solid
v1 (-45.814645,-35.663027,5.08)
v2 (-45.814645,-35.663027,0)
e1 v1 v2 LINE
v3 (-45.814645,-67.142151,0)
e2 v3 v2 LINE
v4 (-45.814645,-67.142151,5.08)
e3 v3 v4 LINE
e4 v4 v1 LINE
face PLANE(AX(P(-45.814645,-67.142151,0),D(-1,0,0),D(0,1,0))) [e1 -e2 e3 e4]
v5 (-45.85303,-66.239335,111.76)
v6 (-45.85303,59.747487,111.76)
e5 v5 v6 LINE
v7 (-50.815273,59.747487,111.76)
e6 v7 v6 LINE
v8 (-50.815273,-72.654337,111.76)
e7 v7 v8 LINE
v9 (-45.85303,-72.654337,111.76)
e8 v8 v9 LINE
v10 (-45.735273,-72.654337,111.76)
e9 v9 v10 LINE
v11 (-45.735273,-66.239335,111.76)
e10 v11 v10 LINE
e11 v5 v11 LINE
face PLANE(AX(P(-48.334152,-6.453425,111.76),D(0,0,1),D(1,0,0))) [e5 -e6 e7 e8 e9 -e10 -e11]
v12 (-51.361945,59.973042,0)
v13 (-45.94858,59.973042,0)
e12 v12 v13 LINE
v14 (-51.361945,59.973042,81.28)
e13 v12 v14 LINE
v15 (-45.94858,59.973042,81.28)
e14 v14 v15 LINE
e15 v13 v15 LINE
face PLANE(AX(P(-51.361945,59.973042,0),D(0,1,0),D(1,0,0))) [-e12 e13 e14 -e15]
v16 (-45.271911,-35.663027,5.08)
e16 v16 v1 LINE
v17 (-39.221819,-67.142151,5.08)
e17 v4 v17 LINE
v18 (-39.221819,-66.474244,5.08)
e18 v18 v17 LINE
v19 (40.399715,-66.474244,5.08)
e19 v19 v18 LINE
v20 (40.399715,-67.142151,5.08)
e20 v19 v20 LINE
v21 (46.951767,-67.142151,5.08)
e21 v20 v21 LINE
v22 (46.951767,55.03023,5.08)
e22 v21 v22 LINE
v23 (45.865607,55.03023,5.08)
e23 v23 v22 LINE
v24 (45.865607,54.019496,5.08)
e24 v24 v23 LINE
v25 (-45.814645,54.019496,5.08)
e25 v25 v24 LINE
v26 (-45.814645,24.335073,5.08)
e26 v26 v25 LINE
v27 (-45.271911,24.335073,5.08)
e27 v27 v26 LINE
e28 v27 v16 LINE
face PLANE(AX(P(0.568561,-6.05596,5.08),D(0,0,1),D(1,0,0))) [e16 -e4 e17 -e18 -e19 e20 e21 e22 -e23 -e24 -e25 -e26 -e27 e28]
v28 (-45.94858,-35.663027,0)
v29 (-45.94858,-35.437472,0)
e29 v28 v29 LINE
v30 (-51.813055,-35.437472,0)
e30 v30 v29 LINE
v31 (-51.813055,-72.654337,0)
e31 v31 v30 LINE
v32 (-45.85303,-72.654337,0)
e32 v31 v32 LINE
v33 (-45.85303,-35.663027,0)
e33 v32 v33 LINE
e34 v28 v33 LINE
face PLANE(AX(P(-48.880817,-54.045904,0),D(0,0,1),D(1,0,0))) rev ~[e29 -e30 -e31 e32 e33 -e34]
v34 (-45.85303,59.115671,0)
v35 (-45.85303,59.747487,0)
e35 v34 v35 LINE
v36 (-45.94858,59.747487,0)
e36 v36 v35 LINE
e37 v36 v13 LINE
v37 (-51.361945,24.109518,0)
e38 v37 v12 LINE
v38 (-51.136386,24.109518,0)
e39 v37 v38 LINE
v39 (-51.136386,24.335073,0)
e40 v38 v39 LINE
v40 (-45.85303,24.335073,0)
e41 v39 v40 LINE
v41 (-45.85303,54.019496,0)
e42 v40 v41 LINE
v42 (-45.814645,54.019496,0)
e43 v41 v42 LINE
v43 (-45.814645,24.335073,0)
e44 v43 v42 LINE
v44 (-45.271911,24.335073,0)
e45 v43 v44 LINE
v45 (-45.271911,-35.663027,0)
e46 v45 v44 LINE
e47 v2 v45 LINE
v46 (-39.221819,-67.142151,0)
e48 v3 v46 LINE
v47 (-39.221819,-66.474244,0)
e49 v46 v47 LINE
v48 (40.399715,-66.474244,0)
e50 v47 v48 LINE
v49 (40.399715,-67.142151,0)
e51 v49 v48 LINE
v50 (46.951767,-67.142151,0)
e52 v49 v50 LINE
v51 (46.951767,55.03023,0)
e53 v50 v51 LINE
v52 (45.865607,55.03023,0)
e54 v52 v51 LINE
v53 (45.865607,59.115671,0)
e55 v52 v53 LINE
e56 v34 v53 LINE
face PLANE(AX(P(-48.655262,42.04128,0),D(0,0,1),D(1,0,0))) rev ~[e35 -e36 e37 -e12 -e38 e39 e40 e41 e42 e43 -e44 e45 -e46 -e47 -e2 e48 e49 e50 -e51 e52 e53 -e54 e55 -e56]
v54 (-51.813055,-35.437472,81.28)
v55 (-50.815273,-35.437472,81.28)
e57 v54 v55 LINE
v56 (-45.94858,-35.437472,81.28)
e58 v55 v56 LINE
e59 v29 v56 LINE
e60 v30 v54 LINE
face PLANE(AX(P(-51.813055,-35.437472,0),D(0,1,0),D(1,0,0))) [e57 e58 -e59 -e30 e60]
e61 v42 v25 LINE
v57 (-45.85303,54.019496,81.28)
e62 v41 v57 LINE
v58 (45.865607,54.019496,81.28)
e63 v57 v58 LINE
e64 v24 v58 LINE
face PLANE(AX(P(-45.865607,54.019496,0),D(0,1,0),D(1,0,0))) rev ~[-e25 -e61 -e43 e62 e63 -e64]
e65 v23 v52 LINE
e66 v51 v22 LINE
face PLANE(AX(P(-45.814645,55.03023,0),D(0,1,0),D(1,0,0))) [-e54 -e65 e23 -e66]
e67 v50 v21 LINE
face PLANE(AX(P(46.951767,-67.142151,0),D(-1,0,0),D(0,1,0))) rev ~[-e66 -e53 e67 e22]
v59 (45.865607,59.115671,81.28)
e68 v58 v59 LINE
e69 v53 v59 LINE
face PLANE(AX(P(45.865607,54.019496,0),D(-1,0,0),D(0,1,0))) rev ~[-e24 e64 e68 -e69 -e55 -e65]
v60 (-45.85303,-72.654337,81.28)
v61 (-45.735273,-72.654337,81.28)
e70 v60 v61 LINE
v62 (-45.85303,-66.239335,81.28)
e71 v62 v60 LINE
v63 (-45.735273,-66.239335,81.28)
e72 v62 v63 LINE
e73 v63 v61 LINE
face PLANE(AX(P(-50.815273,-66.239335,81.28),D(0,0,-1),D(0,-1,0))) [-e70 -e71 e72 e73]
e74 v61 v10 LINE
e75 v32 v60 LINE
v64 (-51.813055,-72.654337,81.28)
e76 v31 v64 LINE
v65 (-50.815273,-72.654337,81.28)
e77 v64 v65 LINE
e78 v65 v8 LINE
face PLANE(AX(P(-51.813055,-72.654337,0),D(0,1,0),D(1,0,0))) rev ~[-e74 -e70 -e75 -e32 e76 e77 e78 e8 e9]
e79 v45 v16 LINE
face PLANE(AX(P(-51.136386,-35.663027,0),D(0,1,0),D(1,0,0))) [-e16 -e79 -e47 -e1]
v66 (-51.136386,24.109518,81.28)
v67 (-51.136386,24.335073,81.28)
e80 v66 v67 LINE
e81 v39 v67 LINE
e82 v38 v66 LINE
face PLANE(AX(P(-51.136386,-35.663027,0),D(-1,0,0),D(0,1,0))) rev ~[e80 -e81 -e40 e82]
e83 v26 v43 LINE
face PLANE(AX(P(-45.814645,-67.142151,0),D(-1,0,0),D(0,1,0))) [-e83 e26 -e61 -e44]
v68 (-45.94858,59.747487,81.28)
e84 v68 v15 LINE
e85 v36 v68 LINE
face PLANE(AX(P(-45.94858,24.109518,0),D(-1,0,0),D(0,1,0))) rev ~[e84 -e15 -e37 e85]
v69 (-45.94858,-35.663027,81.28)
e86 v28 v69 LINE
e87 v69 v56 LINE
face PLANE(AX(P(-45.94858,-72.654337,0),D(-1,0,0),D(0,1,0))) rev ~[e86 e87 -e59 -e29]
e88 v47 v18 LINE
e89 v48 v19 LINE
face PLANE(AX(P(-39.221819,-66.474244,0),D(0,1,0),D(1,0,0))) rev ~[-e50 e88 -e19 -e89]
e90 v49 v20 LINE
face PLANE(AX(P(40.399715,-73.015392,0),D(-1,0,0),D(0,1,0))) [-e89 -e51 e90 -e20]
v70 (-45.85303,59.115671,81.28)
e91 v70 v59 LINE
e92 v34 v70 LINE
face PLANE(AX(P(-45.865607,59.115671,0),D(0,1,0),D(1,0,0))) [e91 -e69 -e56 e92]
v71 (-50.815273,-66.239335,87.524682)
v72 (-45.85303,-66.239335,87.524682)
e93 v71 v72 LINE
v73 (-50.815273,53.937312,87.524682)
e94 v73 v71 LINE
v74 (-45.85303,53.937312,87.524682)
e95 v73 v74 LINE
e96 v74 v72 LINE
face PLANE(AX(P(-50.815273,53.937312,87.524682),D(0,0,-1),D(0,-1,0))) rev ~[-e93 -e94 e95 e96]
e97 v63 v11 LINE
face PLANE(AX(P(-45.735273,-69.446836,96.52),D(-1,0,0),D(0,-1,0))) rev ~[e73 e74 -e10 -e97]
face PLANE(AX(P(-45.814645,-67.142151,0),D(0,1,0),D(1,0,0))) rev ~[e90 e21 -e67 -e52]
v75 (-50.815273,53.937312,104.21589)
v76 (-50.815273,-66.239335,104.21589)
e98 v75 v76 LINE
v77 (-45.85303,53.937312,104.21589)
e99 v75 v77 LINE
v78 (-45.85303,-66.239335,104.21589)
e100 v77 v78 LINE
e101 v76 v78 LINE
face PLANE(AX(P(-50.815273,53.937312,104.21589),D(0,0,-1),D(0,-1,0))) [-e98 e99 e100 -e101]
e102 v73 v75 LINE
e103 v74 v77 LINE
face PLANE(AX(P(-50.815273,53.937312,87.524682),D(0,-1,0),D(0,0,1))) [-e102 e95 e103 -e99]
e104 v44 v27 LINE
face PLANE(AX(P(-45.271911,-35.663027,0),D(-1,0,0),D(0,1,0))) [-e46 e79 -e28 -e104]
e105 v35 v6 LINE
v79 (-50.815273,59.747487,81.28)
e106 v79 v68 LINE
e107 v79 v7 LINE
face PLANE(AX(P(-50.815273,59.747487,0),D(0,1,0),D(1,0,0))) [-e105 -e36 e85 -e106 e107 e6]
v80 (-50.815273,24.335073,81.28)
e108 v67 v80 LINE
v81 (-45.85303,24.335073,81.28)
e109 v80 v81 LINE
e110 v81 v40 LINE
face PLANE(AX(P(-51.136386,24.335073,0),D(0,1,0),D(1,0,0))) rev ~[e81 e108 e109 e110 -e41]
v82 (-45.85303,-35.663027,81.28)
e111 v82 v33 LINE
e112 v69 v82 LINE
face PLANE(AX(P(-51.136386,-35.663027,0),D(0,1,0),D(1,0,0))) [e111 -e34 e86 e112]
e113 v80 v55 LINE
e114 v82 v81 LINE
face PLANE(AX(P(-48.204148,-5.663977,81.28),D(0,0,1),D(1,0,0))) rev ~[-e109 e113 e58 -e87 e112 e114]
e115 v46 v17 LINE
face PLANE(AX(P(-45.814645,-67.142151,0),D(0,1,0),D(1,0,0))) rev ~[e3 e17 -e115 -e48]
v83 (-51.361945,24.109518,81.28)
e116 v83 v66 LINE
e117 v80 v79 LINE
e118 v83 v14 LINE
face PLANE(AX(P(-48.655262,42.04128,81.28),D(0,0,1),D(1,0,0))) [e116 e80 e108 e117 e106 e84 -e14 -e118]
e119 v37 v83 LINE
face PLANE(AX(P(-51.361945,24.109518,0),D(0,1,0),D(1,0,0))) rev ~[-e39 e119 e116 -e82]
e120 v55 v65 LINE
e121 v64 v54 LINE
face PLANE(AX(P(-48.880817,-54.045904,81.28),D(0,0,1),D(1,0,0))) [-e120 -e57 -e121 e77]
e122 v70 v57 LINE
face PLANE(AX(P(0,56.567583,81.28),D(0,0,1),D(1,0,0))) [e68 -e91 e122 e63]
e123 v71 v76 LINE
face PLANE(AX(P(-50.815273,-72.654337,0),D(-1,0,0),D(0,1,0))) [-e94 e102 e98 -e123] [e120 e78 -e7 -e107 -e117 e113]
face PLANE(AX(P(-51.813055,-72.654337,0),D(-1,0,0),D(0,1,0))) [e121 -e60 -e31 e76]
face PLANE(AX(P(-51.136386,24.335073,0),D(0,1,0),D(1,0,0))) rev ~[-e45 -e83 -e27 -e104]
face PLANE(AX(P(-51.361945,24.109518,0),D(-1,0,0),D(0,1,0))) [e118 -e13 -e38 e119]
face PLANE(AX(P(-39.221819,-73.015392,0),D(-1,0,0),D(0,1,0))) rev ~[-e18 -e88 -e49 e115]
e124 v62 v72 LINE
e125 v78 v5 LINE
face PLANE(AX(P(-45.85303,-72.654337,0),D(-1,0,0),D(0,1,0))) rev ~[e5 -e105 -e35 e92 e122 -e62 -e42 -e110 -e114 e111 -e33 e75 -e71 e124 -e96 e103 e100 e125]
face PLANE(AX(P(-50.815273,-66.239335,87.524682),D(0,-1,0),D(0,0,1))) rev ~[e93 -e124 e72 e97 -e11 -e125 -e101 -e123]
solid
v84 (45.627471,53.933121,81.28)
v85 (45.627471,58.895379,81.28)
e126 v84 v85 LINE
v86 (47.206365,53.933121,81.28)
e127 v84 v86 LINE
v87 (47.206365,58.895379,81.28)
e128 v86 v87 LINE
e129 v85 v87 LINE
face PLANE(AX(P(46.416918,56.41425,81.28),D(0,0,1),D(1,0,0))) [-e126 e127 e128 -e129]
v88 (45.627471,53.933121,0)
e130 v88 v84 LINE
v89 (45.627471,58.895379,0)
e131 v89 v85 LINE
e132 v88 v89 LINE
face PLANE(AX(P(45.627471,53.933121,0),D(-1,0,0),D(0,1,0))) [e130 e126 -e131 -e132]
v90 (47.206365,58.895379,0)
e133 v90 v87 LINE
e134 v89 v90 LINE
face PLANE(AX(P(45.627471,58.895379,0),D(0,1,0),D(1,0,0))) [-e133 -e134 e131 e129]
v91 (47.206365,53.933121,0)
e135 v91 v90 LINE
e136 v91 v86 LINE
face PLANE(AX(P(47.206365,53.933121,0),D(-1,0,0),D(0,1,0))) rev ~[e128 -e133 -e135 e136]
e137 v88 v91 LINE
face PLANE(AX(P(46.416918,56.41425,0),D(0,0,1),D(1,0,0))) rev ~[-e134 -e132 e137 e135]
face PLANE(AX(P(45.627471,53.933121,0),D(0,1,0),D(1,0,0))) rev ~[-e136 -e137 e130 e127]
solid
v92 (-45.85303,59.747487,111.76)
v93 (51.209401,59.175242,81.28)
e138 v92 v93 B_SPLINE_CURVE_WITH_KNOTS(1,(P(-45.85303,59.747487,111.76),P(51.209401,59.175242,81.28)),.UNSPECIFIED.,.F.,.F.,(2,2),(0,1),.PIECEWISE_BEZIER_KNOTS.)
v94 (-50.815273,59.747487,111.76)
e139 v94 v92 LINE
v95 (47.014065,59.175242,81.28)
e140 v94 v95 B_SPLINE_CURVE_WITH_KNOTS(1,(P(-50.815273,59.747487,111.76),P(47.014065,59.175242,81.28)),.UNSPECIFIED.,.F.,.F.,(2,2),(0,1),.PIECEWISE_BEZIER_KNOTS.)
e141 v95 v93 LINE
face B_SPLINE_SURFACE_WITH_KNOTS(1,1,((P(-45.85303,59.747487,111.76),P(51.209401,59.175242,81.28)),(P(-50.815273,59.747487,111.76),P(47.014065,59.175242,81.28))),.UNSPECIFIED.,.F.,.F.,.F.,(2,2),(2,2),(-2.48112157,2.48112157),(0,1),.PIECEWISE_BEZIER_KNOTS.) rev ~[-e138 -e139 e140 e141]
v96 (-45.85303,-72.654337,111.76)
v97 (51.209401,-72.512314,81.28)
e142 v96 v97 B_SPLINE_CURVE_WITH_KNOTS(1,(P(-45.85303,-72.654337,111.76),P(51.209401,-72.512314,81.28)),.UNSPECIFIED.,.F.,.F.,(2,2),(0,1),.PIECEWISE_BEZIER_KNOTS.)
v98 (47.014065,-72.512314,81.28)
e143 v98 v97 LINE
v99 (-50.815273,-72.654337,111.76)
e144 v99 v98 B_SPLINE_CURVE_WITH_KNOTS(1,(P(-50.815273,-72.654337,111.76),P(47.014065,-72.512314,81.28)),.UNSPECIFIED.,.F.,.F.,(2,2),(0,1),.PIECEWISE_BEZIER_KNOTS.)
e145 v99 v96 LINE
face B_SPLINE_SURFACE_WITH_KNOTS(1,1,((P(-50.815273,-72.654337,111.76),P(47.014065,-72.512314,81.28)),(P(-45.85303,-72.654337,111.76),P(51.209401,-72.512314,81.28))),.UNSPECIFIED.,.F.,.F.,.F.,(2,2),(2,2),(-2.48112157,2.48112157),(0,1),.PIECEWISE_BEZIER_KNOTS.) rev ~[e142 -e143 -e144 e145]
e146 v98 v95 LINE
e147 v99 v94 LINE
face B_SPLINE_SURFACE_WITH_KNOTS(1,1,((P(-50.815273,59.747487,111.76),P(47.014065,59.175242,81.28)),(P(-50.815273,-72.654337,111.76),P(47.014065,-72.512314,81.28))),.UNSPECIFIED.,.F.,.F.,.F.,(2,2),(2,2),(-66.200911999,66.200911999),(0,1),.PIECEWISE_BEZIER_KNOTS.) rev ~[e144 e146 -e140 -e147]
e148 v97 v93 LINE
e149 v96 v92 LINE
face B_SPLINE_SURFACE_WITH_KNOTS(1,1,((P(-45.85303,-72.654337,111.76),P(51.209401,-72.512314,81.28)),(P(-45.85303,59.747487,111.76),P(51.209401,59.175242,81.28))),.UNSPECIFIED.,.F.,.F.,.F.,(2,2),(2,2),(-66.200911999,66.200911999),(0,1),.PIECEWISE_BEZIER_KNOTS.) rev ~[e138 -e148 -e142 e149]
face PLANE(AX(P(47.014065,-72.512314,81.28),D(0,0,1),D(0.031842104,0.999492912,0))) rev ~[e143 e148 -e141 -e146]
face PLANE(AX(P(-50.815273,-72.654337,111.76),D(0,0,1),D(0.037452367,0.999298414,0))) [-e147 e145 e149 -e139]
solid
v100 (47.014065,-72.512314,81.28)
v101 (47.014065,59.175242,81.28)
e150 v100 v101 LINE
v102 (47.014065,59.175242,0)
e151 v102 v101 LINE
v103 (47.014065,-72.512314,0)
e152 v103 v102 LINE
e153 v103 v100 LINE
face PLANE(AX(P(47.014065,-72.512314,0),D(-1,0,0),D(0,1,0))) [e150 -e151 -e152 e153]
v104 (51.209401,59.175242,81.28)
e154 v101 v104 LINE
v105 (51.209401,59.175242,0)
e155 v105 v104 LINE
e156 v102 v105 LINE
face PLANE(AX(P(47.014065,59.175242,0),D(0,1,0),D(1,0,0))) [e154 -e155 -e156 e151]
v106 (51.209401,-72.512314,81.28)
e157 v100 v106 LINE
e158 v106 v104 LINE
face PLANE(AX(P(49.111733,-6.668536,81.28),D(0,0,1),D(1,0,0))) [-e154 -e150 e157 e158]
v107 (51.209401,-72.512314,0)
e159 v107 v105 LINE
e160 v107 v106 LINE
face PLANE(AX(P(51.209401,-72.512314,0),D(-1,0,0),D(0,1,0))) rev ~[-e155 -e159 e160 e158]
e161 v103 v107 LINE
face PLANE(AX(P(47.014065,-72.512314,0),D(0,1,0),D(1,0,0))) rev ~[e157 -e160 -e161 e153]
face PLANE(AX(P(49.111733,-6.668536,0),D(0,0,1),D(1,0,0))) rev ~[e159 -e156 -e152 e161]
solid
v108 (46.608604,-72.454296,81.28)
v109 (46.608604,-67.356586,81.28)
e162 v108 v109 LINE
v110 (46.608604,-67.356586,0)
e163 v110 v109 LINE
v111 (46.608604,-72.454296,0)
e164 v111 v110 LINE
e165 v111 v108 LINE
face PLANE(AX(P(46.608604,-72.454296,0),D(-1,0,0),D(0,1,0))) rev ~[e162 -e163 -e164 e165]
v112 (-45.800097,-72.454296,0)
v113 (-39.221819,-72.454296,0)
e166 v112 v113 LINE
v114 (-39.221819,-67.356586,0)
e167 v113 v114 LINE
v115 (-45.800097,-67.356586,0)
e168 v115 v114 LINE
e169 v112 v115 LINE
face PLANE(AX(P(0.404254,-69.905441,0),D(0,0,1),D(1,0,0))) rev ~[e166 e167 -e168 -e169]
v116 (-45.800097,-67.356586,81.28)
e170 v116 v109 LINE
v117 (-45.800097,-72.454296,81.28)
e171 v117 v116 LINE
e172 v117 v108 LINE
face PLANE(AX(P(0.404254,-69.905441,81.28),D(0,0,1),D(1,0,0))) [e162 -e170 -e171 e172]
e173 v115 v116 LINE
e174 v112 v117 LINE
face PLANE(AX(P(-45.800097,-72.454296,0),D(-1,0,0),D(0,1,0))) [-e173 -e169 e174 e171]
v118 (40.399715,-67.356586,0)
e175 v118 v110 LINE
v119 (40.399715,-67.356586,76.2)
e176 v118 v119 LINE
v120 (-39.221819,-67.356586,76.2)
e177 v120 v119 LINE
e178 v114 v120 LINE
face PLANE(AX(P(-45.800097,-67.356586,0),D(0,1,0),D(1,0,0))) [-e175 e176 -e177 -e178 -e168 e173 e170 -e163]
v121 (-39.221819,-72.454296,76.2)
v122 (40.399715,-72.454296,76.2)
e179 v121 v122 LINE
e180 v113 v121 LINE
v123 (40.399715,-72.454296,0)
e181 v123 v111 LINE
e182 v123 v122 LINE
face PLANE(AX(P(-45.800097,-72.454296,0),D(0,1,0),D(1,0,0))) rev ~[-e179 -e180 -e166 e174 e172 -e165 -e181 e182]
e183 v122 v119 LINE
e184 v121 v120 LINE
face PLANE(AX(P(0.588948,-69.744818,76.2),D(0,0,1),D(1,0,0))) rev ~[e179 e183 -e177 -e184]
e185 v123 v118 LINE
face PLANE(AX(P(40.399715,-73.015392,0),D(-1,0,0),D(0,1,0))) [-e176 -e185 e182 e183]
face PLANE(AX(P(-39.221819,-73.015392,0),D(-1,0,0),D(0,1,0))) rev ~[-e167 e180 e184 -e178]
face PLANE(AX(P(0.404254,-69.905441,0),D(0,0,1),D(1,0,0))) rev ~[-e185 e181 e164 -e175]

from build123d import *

# Parameters (mm, degrees)
F0_W       = 91.7312130332
F0_H       = 5.0961747766
F1_DEPTH   = 81.28
F2_W       = 92.7664116025
F2_H       = 122.1723817289
F3_DEPTH   = 5.08
F4_W       = 92.4087017775
F4_H       = 5.0977095962
F5_DEPTH   = 81.28
F6_W       = 4.1953362525
F6_H       = 131.6875554621
F7_DEPTH   = 81.28
F8_W       = 1.5788935125
F8_H       = 4.9622580409
F9_DEPTH   = 81.28
F10_W      = 4.9622431397
F10_H      = 132.4018239975
F11_DEPTH  = 111.76
F11_FACE_W = 4.9622431397
F11_FACE_H = 132.4018239975
F7_FACE_W  = 4.1953362525
F7_FACE_H  = 131.6875554621
F13_W      = 5.413364619
F13_H      = 35.8635243028
F14_DEPTH  = 81.28
F15_W      = 5.8644749224
F15_H      = 59.9981006235
F16_DEPTH  = 81.28
F17_W      = 5.8644749224
F17_H      = 37.2168645263
F18_DEPTH  = 81.28
F19_W      = 79.6215347946
F19_H      = 6.5411478281
F20_DEPTH  = 76.2
F21_W      = 120.1766468585
F21_H      = 16.6912078857
F22_DEPTH  = 7.62
F23_W      = 6.415002048
F23_H      = 30.48
F24_DEPTH  = 5.08


with BuildPart() as f1:
    # F0 (on Top) → F1 (new body)
    with BuildSketch(Plane.XY):
        with Locations((0, 56.5675832331)):
            Rectangle(F0_W, F0_H)
    extrude(amount=F1_DEPTH)

    # F2 (on Top) → F3 (join)
    with BuildSketch(Plane.XY):
        with Locations((0.5685612559, -6.0559604317)):
            Rectangle(F2_W, F2_H)
    extrude(amount=F3_DEPTH)

    # F10 (on Top) → F11 (join)
    with BuildSketch(Plane.XY):
        with Locations((-48.3341515064, -6.4534246922)):
            Rectangle(F10_W, F10_H)
    extrude(amount=F11_DEPTH)

    # F13 (on Top) → F14 (join)
    with BuildSketch(Plane.XY):
        with Locations((-48.6552622169, 42.0412803069)):
            Rectangle(F13_W, F13_H)
    extrude(amount=F14_DEPTH)

    # F15 (on Top) → F16 (cut)
    with BuildSketch(Plane.XY):
        with Locations((-48.2041481882, -5.6639770046)):
            Rectangle(F15_W, F15_H)
    extrude(amount=F16_DEPTH, mode=Mode.SUBTRACT)

    # F17 (on Top) → F18 (join)
    with BuildSketch(Plane.XY):
        with Locations((-48.8808173686, -54.0459044278)):
            Rectangle(F17_W, F17_H)
    extrude(amount=F18_DEPTH)


with BuildPart() as f5:
    # F4 (on Top) → F5 (new body)
    with BuildSketch(Plane.XY):
        with Locations((0.404253602, -69.9054412544)):
            Rectangle(F4_W, F4_H)
    extrude(amount=F5_DEPTH)


with BuildPart() as f7:
    # F6 (on Top) → F7 (new body)
    with BuildSketch(Plane.XY):
        with Locations((49.1117332131, -6.6685359925)):
            Rectangle(F6_W, F6_H)
    extrude(amount=F7_DEPTH)


with BuildPart() as f9:
    # F8 (on Top) → F9 (new body)
    with BuildSketch(Plane.XY):
        with Locations((46.4169178158, 56.4142502844)):
            Rectangle(F8_W, F8_H)
    extrude(amount=F9_DEPTH)


with BuildPart() as f12:
    # F11_face (on face) → F12 section 0
    with BuildSketch(Plane(origin=(-48.3341515064, -6.4534246922, 111.76), x_dir=(1, 0, 0), z_dir=(0, 0, 1))):
        Rectangle(F11_FACE_W, F11_FACE_H)
    # F7_face (on face) → F12 section 1
    with BuildSketch(Plane(origin=(49.1117332131, -6.6685359925, 81.28), x_dir=(1, 0, 0), z_dir=(0, 0, 1))):
        Rectangle(F7_FACE_W, F7_FACE_H)
    loft()


with BuildPart() as f20_tool:
    # F19 (on Top) → F20 (new body)
    with BuildSketch(Plane.XY):
        with Locations((0.5889479071, -69.7448179126)):
            Rectangle(F19_W, F19_H)
    extrude(amount=F20_DEPTH)


with BuildPart() as f1_1:
    add(f1.part)

    # F20: cut by f20_tool
    add(f20_tool.part, mode=Mode.SUBTRACT)

    # F21 (on face) → F22 (cut)
    with BuildSketch(Plane(origin=(-50.8152730763, 0, 0), x_dir=(0, -1, 0), z_dir=(-1, 0, 0))):
        with Locations((6.1510112137, 95.8702862263)):
            Rectangle(F21_W, F21_H)
    extrude(amount=-F22_DEPTH, mode=Mode.SUBTRACT)

    # F23 (on face) → F24 (join)
    with BuildSketch(Plane(origin=(-50.8152730763, 0, 0), x_dir=(0, -1, 0), z_dir=(-1, 0, 0))):
        with Locations((69.4468356669, 96.52)):
            Rectangle(F23_W, F23_H)
    extrude(amount=-F24_DEPTH)


with BuildPart() as f5_1:
    add(f5.part)

    # F20: cut by f20_tool
    add(f20_tool.part, mode=Mode.SUBTRACT)


solid = Compound([f7.part, f9.part, f12.part, f1_1.part, f5_1.part])
